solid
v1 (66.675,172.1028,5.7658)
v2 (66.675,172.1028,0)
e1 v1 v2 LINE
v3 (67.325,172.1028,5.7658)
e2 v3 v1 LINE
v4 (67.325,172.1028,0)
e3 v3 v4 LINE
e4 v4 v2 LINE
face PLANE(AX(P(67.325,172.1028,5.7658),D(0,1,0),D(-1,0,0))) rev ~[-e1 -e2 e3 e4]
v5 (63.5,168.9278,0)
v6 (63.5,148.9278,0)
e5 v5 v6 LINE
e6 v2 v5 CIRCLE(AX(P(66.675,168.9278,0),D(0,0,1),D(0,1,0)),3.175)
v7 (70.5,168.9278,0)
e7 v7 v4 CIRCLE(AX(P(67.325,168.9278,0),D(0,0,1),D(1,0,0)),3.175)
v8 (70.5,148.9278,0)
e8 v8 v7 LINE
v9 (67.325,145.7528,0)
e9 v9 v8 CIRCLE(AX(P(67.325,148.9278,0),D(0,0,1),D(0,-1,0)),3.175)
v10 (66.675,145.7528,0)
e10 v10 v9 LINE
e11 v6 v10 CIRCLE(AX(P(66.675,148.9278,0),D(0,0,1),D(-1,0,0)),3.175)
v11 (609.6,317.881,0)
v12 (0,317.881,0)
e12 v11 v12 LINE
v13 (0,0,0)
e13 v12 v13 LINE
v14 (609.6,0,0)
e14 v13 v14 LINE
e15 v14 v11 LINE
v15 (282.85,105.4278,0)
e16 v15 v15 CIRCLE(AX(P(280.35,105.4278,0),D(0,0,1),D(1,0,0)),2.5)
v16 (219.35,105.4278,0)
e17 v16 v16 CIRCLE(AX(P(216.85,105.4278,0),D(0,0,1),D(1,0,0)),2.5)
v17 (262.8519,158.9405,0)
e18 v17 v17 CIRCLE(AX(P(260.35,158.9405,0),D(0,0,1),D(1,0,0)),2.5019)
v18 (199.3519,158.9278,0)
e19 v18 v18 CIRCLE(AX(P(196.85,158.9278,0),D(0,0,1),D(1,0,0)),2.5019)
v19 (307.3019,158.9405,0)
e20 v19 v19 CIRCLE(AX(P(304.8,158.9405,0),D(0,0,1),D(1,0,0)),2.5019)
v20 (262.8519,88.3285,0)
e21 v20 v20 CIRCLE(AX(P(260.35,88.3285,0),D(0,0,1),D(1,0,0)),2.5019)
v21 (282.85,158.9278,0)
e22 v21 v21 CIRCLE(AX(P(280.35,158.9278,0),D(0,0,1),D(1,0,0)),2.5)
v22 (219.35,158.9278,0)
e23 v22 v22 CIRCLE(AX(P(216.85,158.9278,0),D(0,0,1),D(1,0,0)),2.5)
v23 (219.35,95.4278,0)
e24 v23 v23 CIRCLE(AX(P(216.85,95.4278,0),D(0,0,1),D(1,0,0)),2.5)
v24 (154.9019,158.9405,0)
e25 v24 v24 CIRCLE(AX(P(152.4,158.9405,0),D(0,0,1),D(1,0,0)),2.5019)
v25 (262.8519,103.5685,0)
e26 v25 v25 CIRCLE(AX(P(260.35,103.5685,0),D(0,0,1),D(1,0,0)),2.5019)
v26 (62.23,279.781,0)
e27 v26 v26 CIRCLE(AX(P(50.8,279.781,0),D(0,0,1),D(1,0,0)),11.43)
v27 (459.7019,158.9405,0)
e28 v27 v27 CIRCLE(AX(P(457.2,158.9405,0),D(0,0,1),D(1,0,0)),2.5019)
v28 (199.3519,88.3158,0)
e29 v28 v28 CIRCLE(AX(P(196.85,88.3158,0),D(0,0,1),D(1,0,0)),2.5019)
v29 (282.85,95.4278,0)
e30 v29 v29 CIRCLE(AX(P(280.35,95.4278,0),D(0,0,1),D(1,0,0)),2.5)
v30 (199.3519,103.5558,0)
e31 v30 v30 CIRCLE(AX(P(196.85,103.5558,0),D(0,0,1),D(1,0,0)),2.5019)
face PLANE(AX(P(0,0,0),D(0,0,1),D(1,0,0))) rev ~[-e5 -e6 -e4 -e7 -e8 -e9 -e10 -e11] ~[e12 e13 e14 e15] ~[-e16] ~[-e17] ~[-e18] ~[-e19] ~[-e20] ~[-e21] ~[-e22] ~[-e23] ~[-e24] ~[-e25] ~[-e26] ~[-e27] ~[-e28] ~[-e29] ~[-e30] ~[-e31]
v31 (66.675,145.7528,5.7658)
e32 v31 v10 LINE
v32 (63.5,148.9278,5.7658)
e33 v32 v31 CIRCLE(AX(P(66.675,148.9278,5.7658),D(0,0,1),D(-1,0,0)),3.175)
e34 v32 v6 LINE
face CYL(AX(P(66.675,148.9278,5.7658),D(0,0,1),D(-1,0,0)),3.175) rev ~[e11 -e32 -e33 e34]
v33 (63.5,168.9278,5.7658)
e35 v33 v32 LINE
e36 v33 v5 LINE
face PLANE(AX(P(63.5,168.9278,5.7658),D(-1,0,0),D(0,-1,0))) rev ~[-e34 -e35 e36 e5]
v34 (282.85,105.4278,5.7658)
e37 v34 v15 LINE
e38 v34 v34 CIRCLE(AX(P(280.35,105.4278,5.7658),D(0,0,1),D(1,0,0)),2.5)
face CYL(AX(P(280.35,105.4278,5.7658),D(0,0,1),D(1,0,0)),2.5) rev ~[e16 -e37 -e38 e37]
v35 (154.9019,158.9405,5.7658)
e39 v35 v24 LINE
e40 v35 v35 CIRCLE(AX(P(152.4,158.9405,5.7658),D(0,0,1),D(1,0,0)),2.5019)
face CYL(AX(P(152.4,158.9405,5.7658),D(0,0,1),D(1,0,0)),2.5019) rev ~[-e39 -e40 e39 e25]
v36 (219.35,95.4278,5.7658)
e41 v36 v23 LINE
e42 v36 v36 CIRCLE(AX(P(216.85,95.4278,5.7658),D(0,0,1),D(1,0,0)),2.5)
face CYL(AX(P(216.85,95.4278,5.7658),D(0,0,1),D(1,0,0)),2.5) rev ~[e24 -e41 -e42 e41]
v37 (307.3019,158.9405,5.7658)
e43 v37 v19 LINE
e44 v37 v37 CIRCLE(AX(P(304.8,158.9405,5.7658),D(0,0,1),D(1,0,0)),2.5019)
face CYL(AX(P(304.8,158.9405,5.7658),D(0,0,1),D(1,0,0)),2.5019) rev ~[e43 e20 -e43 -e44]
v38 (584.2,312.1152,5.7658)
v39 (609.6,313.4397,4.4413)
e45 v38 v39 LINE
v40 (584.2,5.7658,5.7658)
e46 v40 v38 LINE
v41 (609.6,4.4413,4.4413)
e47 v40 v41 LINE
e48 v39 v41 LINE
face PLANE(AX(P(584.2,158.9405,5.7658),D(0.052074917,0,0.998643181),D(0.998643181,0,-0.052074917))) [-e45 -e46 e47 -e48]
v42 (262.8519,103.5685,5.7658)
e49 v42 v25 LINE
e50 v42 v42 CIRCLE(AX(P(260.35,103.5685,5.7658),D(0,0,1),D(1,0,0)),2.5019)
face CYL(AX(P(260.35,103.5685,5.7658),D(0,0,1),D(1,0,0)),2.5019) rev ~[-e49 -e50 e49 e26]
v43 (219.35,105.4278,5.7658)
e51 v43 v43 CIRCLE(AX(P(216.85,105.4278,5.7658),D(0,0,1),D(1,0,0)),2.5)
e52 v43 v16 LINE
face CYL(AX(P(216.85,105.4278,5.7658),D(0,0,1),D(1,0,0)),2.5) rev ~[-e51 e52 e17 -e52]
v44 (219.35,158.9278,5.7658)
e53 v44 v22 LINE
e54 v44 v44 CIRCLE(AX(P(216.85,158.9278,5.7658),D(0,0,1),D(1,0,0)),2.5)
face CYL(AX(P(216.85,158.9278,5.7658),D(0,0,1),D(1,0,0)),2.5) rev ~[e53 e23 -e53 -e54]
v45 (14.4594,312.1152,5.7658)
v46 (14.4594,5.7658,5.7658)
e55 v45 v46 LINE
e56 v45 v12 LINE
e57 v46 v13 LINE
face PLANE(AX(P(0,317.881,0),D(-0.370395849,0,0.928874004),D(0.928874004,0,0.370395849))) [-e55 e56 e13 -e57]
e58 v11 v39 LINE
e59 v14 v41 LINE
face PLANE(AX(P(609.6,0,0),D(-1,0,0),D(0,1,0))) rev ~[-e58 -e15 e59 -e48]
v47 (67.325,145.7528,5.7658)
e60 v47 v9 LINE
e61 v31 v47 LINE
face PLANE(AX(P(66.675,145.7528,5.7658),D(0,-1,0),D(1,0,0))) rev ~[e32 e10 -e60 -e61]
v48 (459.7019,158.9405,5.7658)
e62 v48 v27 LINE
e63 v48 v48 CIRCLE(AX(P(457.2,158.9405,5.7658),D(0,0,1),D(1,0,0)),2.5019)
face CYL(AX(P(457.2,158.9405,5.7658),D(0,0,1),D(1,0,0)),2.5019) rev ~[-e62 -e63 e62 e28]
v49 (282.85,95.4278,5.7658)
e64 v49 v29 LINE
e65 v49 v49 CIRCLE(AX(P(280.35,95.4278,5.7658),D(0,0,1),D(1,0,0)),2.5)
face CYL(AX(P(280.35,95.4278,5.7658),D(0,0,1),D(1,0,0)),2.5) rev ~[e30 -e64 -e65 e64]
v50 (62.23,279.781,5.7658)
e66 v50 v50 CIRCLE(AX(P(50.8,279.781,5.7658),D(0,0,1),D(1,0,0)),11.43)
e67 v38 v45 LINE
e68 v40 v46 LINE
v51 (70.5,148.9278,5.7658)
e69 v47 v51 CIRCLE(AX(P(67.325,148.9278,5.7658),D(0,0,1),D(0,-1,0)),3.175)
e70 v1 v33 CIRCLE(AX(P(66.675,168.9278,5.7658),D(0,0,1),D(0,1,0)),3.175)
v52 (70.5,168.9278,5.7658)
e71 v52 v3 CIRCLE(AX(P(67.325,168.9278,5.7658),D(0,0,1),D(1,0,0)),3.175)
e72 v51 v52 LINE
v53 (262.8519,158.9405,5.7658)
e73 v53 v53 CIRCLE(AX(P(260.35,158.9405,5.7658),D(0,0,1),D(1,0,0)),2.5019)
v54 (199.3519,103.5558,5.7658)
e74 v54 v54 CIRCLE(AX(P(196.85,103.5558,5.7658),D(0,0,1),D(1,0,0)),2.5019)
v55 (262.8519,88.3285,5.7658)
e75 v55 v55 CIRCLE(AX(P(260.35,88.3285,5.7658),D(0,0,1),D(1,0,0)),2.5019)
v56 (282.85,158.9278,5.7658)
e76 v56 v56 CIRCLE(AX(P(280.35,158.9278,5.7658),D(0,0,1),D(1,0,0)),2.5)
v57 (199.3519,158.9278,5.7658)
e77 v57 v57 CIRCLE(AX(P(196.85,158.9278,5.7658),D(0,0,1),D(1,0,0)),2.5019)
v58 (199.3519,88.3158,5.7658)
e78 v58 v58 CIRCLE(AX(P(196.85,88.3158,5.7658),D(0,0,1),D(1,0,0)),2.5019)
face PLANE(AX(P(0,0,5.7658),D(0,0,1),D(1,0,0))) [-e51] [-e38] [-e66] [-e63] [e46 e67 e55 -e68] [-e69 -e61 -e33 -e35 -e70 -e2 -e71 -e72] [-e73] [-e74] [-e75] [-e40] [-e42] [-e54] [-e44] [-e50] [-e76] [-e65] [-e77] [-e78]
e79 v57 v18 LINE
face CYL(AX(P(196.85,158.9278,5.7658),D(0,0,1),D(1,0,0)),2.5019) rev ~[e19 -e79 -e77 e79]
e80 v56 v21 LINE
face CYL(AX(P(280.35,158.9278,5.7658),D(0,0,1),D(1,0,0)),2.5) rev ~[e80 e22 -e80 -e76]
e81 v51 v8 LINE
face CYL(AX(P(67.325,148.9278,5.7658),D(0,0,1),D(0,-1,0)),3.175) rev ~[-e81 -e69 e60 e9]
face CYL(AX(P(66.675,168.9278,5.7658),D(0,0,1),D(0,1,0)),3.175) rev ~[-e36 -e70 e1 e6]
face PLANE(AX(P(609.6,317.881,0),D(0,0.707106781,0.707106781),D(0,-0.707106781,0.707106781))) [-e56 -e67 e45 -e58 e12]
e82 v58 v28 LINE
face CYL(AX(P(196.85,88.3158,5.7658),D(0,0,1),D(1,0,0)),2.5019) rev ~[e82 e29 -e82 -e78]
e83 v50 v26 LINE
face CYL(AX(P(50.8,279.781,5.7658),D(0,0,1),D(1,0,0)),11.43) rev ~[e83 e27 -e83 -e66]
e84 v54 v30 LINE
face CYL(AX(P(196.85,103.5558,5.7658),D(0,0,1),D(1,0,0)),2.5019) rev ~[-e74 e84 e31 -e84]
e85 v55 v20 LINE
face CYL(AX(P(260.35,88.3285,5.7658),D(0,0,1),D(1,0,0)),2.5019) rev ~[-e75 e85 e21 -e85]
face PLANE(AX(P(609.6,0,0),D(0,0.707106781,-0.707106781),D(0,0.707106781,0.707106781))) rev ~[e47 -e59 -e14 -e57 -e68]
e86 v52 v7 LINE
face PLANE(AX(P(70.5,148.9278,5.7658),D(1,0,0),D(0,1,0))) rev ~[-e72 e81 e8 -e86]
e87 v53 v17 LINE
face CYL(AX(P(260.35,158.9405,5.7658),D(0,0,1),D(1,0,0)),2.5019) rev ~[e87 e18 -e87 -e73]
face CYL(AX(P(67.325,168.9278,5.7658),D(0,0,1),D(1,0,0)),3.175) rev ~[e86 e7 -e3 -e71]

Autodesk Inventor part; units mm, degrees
ref_plane "YZ Plane" through (0, 0, 0) normal (1, 0, 0) x (0, 1, 0)
ref_plane "XY Plane" through (0, 0, 0) normal (0, 0, 1) x (1, 0, 0)
sketch "Sketch1" plane through (0, 0, 0) normal (0, 0, 1) x (1, 0, 0)
  line L0 (0, 0) -> (609.6, 0)
  line L1 (609.6, 0) -> (609.6, 317.881)
  line L2 (609.6, 317.881) -> (0, 317.881)
  line L3 (0, 317.881) -> (0, 0)
  dimension "d0" = 609.6
  dimension "d1" = 317.881
extrude "Extrusion1" add sketch "Sketch1" along normal blind 5.7658
sketch "Sketch2" plane through (0, 317.881, 0) normal (0, 1, 0) x (1, 0, 0)
  line L0 (609.6, 0) -> (0, 0) projected
  line L1 (0, 0) -> (0, -5.7658) projected
  line L2 (609.6, -5.7658) -> (0, -5.7658) projected
  line L3 (609.6, 0) -> (609.6, -5.7658) projected
  line L4 (0, 0) -> (609.6, 0) projected
  line L5 (0, 0) -> (14.4594, -5.7658)
  line L6 (0, -5.7658) -> (609.6, -5.7658) projected
  line L7 (14.4594, -5.7658) -> (14.4594, 0)
  line L8 (14.4594, -5.7658) -> (20.2252, -5.7658) construction
  dimension "d4" = 21.74
  dimension "d5" = 90
extrude "Extrusion2" cut sketch "Sketch2" against normal through all contours L5 L2 L1
sketch "Sketch3" plane through (609.6, 0, 0) normal (1, 0, 0) x (0, 0, -1)
  line L0 (0, 0) -> (0, 317.881) projected
  line L1 (0, 317.881) -> (-5.7658, 317.881) projected
  line L2 (-5.7658, 0) -> (-5.7658, 317.881) projected
  line L3 (0, 0) -> (-5.7658, 0) projected
  line L4 (0, 0) -> (-5.7658, 0) projected
  line L5 (0, 0) -> (-5.7658, 5.7658)
  line L6 (-5.7658, 0) -> (-5.7658, 317.881) projected
  line L7 (0, 0) -> (8.1541, 0) construction
  line L8 (0, 317.881) -> (-5.7658, 317.881) projected
  line L9 (0, 317.881) -> (-5.7658, 312.1152)
  line L10 (0, 317.881) -> (8.1541, 317.881) construction
  dimension "d8" = 135
  dimension "d9" = 135
extrude "Extrusion3" cut sketch "Sketch3" against normal through all contours L3 L2 L5 | L9 L2 L1
ref_plane "Center Plane" through (0, 158.9405, 0) normal (0, 1, 0) x (-1, 0, 0)
sketch "Sketch4" plane through (0, 158.9405, 0) normal (0, 1, 0) x (-1, 0, 0)
  line L0 (-14.4594, 5.7658) -> (0, 0) projected
  line L1 (-609.6, 5.7658) -> (-14.4594, 5.7658) projected
  line L2 (-609.6, 0) -> (-609.6, 5.7658) projected
  line L3 (-609.6, 0) -> (0, 0) projected
  line L4 (-609.6, 5.7658) -> (-584.2, 5.7658) construction
  line L5 (-584.2, 5.7658) -> (-609.6, 4.4413)
  point P0 (0, 0)
  dimension "d13" = 25.4
  dimension "d14" = 2.985
extrude "Extrusion4" cut sketch "Sketch4" against normal through all both and the other way through all contours L5 L2 L1
sketch "Sketch5" plane through (0, 0, 5.7658) normal (0, 0, 1) x (1, 0, 0)
  circle A0 centre (196.85, 158.9278) radius 2.5019
  line L0 (0, 317.881) -> (0, 0) projected
  line L1 (609.6, 317.881) -> (0, 317.881) projected
  circle A1 centre (260.35, 158.9405) radius 2.5019
  circle A2 centre (196.85, 103.5558) radius 2.5019
  circle A3 centre (260.35, 103.5685) radius 2.5019
  circle A4 centre (196.85, 88.3158) radius 2.5019
  circle A5 centre (260.35, 88.3285) radius 2.5019
  circle A6 centre (152.4, 158.9405) radius 2.5019
  circle A7 centre (304.8, 158.9405) radius 2.5019
  circle A8 centre (457.2, 158.9405) radius 2.5019
  line L2 (66.675, 145.7528) -> (67.325, 145.7528)
  line L3 (70.5, 148.9278) -> (70.5, 168.9278)
  line L4 (67.325, 172.1028) -> (66.675, 172.1028)
  line L5 (63.5, 168.9278) -> (63.5, 148.9278)
  line L6 (63.5, 145.7528) -> (70.5, 172.1028) construction
  line L7 (70.5, 145.7528) -> (63.5, 172.1028) construction
  arc A9 (70.5, 168.9278) -> (67.325, 172.1028) centre (67.325, 168.9278) ccw
  arc A10 (66.675, 172.1028) -> (63.5, 168.9278) centre (66.675, 168.9278) ccw
  arc A11 (63.5, 148.9278) -> (66.675, 145.7528) centre (66.675, 148.9278) ccw
  arc A12 (67.325, 145.7528) -> (70.5, 148.9278) centre (67.325, 148.9278) ccw
  point P0 (67, 158.9278)
  dimension "d17" = 196.85
  dimension "d18" = 158.9532
  dimension "d19" = 5.0038
  dimension "d20" = 63.5
  dimension "d21" = 5.0038
  dimension "d22" = 55.372
  dimension "d23" = 55.372
  dimension "d24" = 196.85
  dimension "d25" = 63.5
  dimension "d26" = 158.9405
  dimension "d27" = 5.0038
  dimension "d28" = 5.0038
  dimension "d29" = 15.24
  dimension "d30" = 15.24
  dimension "d31" = 5.0038
  dimension "d32" = 5.0038
  dimension "d33" = 63.5
  dimension "d34" = 196.85
  dimension "d35" = 152.4
  dimension "d36" = 5.0038
  dimension "d37" = 158.9405
  dimension "d38" = 304.8
  dimension "d39" = 5.0038
  dimension "d40" = 158.9405
  dimension "d41" = 457.2
  dimension "d42" = 158.9405
  dimension "d43" = 5.0038
  dimension "d44" = 3.175
  dimension "d45" = 7
  dimension "d46" = 20
  dimension "d47" = 158.9532
  dimension "d48" = 63.5
extrude "Extrusion5" cut sketch "Sketch5" against normal through all
sketch "Sketch6" plane through (0, 0, 5.7658) normal (0, 0, 1) x (1, 0, 0)
  circle A0 centre (50.8, 279.781) radius 11.43
  line L0 (609.6, 317.881) -> (0, 317.881) projected
  line L1 (0, 317.881) -> (0, 0) projected
  dimension "d51" = 38.1
  dimension "d52" = 50.8
  dimension "d53" = 22.86
extrude "Extrusion6" cut sketch "Sketch6" against normal through all
sketch "Sketch7" plane through (0, 0, 5.7658) normal (0, 0, 1) x (1, 0, 0)
  circle A0 centre (216.85, 158.9278) radius 2.5
  circle A1 centre (196.85, 103.5558) radius 2.5019 construction
  circle A2 centre (196.85, 158.9278) radius 2.5019 construction
  line L0 (196.85, 103.5558) -> (196.85, 158.9278) construction
  line L1 (196.85, 158.9278) -> (216.85, 158.9278) construction
  line L2 (216.85, 158.9278) -> (216.85, 105.4278) construction
  circle A3 centre (216.85, 105.4278) radius 2.5
  circle A4 centre (196.85, 88.3158) radius 2.5019 construction
  line L3 (196.85, 103.5558) -> (196.85, 88.3158) construction
  line L4 (216.85, 95.4278) -> (216.85, 105.4278) construction
  circle A5 centre (216.85, 95.4278) radius 2.5
  line L5 (216.85, 158.9278) -> (280.35, 158.9278) construction
  line L6 (280.35, 158.9278) -> (280.35, 95.4278) construction
  line L7 (280.35, 95.4278) -> (280.35, 105.4278) construction
  circle A6 centre (280.35, 105.4278) radius 2.5
  circle A7 centre (280.35, 95.4278) radius 2.5
  circle A8 centre (280.35, 158.9278) radius 2.5
  circle A9 centre (260.35, 158.9405) radius 2.5019 projected
  point P0 (0, 0)
  dimension "d56" = 5
  dimension "d57" = 20
  dimension "d58" = 5
  dimension "d59" = 5
  dimension "d60" = 63.5
  dimension "d61" = 5
  dimension "d62" = 5
  dimension "d63" = 5
  dimension "d64" = 63.5
  dimension "d65" = 63.5
  dimension "d66" = 10
  dimension "d67" = 180
  dimension "d68" = 10
extrude "Extrusion7" cut sketch "Sketch7" against normal through all contours A0 | A3 | A5 | A6 | A7 | A8
properties part number "Wind Tunnel Test Section Bottom" material "Polycarbonate, Clear"
